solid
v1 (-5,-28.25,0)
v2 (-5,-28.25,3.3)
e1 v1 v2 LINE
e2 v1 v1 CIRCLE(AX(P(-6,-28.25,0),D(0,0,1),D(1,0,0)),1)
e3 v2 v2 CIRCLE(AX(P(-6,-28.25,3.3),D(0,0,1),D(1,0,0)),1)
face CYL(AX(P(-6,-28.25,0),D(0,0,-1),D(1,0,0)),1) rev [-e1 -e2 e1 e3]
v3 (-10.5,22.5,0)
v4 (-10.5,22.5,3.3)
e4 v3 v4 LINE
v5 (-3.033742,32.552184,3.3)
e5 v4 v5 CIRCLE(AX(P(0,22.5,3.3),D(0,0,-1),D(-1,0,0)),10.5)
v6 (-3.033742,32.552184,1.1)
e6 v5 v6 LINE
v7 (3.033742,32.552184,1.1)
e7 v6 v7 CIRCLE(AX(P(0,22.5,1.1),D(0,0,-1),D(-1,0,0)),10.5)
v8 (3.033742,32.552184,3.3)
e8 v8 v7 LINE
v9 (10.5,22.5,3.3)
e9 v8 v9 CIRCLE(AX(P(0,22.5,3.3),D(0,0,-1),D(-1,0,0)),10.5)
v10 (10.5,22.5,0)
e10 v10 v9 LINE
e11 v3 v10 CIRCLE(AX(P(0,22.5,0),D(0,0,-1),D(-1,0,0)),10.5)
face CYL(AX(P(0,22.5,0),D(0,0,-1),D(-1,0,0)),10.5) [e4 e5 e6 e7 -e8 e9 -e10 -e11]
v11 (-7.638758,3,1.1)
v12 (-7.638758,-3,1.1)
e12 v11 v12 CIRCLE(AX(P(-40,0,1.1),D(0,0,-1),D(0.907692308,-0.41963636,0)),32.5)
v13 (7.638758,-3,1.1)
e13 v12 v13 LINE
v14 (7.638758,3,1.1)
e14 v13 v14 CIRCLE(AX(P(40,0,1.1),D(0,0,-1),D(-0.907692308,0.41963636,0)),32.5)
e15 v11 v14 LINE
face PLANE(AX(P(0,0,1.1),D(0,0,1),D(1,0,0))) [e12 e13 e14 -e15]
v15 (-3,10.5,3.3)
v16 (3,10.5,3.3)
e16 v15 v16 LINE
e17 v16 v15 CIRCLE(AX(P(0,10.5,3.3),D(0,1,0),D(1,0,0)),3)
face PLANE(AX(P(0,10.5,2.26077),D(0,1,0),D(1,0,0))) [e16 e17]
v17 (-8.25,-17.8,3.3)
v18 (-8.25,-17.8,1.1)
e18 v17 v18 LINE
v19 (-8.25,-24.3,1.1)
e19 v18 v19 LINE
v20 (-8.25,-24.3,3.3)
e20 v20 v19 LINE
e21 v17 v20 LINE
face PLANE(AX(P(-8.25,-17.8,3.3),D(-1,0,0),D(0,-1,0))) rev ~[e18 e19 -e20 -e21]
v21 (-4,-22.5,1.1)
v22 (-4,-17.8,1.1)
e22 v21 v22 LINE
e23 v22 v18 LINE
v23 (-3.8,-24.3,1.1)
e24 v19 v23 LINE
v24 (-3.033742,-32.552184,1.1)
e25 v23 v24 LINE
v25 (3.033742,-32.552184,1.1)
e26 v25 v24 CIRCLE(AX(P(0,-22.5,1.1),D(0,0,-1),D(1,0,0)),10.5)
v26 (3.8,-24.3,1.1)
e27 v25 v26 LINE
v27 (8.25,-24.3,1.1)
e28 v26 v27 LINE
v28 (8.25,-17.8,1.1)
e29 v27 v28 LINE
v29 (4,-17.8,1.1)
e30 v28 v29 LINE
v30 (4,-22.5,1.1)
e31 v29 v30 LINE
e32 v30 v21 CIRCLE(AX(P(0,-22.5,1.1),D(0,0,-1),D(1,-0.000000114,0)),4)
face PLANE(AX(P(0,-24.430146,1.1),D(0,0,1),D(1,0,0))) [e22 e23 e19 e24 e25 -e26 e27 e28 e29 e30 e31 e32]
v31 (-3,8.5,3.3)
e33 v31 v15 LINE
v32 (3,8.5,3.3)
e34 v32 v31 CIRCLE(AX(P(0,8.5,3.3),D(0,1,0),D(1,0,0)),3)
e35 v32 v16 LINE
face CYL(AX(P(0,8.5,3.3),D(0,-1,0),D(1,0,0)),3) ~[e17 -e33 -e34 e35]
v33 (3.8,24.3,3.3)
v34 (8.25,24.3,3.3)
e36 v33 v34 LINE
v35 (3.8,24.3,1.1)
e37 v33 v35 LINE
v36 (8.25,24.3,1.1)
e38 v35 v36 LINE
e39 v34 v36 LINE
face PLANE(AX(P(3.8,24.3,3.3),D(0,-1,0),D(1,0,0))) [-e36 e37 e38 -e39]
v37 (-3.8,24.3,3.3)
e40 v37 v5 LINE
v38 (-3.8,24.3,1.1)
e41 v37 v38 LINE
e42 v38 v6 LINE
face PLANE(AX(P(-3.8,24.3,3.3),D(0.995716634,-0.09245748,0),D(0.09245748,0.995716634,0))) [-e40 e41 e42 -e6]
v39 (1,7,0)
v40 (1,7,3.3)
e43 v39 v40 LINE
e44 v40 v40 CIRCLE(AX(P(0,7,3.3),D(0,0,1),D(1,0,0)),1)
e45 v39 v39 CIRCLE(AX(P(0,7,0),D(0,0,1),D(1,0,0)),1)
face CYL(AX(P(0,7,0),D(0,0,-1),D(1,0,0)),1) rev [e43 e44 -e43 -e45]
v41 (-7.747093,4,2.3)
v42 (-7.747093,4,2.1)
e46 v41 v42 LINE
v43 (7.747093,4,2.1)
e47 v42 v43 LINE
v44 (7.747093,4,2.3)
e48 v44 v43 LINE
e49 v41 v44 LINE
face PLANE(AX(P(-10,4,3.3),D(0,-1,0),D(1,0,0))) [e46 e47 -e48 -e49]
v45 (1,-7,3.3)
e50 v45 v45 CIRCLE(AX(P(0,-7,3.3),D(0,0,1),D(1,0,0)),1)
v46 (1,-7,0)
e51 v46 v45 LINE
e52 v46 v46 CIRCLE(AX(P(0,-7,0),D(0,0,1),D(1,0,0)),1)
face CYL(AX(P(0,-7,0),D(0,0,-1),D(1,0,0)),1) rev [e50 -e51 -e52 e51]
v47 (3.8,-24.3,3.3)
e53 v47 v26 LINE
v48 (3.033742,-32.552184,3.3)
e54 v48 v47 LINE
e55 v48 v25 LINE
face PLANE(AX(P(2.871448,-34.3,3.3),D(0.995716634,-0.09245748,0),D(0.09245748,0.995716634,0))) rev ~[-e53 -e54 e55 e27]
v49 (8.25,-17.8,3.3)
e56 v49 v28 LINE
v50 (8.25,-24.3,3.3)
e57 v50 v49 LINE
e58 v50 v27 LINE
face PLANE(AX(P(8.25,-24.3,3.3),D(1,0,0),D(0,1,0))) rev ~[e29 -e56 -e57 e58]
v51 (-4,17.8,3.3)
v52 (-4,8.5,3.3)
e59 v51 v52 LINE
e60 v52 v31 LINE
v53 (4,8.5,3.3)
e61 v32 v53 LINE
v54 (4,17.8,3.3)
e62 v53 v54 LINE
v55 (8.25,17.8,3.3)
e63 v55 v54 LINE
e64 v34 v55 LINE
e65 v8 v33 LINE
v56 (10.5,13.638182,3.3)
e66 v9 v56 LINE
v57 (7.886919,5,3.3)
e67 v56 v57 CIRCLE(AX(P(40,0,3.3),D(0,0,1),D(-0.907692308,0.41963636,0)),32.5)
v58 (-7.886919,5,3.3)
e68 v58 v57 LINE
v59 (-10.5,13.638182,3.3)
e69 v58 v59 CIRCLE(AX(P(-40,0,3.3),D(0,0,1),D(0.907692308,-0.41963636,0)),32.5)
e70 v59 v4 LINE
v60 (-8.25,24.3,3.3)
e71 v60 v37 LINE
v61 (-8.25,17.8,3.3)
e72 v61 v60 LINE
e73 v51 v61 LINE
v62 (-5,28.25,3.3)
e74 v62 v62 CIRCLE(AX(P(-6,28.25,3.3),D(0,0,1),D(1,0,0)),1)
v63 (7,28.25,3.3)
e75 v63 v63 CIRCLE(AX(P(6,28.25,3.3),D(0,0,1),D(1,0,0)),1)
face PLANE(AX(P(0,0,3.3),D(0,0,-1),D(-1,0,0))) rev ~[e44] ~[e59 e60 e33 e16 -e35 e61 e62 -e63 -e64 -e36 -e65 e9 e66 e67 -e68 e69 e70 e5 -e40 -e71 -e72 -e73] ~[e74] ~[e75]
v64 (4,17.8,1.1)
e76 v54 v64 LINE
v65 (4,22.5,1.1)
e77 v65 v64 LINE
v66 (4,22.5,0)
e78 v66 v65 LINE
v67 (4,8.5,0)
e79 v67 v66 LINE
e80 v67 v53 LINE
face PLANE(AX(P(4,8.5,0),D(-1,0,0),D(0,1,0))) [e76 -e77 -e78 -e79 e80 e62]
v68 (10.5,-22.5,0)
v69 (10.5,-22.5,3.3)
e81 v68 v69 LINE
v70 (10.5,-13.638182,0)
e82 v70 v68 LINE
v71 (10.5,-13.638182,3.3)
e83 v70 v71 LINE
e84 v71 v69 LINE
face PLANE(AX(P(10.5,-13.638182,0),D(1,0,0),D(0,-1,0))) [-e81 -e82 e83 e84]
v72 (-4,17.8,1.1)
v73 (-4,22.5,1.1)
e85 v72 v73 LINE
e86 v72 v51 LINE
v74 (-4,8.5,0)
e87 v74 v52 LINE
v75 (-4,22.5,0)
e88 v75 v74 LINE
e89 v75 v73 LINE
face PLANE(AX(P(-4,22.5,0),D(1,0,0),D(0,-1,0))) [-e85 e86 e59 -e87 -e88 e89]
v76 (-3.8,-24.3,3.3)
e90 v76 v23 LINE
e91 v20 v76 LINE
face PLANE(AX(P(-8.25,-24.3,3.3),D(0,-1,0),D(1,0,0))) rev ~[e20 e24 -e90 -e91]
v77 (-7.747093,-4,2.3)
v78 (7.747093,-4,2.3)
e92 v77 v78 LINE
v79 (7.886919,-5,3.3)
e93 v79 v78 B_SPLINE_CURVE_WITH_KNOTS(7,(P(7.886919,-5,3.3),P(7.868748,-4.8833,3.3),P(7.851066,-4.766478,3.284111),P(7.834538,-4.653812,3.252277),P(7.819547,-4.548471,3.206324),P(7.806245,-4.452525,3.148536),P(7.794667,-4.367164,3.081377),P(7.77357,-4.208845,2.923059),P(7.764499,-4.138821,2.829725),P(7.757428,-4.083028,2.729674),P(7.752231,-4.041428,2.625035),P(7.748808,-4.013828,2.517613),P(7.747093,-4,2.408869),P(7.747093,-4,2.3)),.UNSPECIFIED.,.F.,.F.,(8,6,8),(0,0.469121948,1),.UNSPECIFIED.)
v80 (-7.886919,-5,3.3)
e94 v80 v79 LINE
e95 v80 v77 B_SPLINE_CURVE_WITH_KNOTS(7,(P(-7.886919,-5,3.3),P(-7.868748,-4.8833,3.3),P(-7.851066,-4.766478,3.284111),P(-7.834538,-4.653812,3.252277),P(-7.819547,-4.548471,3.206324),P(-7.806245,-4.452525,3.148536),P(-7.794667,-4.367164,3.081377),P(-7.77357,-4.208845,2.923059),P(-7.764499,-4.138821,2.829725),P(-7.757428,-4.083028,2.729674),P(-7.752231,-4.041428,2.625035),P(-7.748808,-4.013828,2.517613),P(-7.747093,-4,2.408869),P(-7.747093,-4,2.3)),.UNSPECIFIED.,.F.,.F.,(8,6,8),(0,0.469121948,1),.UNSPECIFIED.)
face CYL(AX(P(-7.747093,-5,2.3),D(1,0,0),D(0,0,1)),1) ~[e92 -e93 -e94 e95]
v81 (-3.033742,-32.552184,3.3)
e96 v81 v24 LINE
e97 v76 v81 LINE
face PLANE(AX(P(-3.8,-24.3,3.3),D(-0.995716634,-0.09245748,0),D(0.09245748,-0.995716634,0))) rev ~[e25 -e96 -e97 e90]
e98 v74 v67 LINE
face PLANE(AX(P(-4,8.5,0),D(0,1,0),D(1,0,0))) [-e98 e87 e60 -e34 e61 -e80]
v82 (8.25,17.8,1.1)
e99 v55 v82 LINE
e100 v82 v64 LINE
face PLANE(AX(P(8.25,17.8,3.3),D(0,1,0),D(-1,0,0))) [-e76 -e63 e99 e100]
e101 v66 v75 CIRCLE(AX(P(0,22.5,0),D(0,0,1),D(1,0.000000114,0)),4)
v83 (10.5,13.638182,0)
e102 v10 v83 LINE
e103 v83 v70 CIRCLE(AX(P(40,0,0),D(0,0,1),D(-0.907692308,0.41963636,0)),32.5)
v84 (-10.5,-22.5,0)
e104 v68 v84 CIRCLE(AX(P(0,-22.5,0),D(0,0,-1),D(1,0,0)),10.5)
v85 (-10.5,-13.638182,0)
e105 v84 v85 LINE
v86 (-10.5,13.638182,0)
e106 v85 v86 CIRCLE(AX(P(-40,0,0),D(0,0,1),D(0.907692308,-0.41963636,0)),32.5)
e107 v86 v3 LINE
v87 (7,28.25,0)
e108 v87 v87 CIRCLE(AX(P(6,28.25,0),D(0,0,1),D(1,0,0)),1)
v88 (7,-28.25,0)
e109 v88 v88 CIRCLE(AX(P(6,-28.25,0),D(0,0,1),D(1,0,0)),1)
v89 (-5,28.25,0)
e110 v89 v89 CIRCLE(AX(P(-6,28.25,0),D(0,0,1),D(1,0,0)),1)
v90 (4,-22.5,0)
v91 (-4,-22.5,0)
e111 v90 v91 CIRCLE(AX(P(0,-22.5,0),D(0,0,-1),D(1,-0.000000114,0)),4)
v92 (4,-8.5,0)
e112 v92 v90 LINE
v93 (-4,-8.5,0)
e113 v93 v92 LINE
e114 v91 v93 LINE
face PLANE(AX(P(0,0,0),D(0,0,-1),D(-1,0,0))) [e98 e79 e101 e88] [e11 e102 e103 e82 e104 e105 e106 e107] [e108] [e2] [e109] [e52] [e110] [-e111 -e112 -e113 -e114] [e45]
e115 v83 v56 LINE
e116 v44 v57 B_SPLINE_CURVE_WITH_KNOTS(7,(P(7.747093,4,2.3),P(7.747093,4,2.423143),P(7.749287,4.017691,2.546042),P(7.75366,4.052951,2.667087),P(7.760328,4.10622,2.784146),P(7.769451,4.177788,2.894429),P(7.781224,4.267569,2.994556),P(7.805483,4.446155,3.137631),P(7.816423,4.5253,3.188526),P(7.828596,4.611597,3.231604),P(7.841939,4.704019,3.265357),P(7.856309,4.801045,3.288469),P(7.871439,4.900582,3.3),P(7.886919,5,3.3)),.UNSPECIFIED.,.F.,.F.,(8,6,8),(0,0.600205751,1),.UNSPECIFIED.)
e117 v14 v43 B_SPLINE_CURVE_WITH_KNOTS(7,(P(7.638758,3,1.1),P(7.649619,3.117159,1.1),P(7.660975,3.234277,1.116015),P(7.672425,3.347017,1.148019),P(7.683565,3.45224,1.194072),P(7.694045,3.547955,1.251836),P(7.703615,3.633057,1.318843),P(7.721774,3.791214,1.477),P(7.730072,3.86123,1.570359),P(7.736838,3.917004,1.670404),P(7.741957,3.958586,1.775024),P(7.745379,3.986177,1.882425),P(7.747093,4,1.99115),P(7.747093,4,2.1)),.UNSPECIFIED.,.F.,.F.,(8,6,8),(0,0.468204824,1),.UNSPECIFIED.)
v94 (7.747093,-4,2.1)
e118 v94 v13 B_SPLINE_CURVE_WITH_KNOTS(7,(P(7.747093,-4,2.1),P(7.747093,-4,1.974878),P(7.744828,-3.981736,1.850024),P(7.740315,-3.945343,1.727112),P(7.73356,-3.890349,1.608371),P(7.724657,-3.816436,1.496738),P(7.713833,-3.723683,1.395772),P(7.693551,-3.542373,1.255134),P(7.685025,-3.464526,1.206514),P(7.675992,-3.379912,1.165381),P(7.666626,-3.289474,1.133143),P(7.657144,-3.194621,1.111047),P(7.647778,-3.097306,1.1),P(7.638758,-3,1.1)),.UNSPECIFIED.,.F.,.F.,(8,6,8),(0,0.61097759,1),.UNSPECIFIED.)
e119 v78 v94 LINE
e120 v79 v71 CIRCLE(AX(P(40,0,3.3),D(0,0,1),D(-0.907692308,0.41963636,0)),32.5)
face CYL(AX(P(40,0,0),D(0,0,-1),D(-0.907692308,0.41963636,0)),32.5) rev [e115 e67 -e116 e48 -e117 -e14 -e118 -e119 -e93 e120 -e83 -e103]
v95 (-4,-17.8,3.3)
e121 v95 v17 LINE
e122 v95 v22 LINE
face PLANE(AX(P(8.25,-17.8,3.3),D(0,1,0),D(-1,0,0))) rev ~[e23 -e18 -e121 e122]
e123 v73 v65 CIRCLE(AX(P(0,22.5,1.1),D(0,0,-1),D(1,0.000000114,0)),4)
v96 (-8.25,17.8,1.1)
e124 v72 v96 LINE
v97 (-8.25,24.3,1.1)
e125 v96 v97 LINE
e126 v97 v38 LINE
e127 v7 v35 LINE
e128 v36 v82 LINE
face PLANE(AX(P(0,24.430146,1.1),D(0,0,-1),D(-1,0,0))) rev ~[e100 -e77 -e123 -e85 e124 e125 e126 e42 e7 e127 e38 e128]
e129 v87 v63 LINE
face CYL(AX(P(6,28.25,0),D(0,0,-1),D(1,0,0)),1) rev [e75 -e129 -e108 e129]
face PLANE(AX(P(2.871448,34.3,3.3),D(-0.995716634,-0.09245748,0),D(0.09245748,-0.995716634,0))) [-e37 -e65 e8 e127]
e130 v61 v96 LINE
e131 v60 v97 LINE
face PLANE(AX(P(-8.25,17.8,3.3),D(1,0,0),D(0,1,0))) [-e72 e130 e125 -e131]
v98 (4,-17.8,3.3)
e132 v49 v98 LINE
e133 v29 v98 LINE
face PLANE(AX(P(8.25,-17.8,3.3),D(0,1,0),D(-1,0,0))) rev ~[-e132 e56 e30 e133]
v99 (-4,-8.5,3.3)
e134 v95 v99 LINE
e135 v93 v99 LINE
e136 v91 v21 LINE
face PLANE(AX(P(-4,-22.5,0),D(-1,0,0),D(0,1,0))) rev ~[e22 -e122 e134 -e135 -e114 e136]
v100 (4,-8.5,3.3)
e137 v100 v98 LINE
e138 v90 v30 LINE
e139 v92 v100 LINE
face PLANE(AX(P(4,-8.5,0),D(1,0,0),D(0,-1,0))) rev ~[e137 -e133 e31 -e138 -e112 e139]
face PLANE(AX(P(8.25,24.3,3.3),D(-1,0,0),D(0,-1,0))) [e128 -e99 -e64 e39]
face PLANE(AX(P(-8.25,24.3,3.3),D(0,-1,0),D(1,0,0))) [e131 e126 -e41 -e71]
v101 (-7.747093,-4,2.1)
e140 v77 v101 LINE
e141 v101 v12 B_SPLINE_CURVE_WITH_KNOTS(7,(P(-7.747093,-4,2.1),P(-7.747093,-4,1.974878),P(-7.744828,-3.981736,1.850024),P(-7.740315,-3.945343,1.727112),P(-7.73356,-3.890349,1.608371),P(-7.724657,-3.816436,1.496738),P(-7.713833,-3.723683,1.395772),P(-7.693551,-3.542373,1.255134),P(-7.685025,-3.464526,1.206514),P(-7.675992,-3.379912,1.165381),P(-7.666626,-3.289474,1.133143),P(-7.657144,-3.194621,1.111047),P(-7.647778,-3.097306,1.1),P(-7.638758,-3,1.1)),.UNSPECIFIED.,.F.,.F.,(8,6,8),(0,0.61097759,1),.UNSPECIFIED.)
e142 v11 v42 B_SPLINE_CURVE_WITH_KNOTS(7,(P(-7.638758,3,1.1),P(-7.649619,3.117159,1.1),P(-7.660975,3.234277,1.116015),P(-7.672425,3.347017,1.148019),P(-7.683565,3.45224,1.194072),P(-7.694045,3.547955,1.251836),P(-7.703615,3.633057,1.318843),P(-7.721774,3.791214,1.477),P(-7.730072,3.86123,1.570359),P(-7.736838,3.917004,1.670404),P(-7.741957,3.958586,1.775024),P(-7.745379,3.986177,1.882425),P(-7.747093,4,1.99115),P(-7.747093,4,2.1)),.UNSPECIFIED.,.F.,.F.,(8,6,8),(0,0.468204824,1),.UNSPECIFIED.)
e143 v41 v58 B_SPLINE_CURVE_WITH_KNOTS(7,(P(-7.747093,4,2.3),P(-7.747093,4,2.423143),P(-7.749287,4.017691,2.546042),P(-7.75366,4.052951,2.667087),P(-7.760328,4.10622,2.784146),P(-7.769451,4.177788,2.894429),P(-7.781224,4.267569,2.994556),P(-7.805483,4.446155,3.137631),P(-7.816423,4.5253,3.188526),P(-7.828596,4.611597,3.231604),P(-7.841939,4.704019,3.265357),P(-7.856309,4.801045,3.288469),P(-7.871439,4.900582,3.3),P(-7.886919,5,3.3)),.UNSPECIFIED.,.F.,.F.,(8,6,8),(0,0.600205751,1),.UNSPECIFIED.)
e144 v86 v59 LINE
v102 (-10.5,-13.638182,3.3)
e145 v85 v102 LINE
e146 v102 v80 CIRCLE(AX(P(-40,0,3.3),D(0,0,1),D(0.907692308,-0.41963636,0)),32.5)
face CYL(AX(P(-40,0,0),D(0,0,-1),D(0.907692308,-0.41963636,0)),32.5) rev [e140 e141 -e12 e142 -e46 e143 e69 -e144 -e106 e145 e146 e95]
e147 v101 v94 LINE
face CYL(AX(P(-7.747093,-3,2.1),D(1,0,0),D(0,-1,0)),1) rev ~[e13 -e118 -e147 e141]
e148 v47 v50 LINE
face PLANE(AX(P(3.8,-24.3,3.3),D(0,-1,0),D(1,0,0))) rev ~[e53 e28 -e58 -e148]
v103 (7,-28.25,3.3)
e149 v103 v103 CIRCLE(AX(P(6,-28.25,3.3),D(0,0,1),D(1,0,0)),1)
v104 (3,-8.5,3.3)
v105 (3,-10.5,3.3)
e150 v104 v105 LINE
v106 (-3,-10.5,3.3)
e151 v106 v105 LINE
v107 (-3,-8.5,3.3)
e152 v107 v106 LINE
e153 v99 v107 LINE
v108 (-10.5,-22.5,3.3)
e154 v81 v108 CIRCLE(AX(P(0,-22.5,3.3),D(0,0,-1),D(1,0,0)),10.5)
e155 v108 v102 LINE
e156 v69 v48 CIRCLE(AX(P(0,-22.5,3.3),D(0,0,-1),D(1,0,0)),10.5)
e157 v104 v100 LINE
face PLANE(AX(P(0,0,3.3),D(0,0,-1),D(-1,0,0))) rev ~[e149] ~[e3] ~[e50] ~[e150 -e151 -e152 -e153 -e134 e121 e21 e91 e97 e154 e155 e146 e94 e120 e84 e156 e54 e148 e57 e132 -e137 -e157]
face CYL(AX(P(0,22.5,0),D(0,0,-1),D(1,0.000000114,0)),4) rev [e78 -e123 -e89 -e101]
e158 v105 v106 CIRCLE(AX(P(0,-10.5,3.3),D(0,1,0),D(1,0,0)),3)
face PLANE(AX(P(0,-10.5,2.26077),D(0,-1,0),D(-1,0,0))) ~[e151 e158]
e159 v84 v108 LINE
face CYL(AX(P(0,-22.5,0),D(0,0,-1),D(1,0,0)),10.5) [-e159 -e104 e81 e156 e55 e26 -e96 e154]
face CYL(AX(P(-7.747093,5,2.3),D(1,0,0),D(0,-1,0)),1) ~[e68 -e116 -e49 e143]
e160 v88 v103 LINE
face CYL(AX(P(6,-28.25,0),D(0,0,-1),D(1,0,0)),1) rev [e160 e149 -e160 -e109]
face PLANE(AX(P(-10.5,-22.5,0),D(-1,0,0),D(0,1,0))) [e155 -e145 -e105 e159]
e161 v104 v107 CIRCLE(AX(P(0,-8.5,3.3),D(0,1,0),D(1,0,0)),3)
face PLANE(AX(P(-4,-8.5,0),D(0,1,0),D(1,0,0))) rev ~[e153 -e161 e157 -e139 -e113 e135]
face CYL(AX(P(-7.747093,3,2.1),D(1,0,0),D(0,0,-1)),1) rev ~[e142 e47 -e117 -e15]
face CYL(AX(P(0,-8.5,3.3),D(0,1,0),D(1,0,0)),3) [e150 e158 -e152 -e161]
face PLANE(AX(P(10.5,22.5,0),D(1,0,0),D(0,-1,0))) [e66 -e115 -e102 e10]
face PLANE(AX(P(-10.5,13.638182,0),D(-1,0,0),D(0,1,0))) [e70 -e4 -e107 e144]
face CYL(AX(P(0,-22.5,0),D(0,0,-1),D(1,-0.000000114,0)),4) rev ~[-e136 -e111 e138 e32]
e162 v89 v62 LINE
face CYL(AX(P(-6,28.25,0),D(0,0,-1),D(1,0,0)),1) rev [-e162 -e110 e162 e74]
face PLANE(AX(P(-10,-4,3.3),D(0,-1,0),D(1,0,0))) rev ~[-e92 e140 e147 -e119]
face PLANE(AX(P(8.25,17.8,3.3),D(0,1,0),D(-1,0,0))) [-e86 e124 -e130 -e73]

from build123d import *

# Parameters (mm, degrees)
SKETCH_1_R          = 1
EXTRUDE_1_DEPTH     = 3.3
SKETCH_2_W          = 20
SKETCH_2_H          = 8
CUT_EXTRUDE_1_DEPTH = 2.2
FILLET_1_R          = 1
EXTRUDE_2_DEPTH     = 2


with BuildPart() as part:
    # 草图1 → 凸台-拉伸1 (new body)
    with BuildSketch(Plane.XY):
        with BuildLine():
            Line((10.5, -13.638181697), (10.5, -22.5))
            ThreePointArc((10.5, -22.5), (0, -33), (-10.5, -22.5))
            Line((-10.5, -22.5), (-10.5, -13.638181697))
            ThreePointArc((-10.5, -13.638181697), (-7.5, 0), (-10.5, 13.638181697))
            Line((-10.5, 13.638181697), (-10.5, 22.5))
            ThreePointArc((-10.5, 22.5), (0, 33), (10.5, 22.5))
            Line((10.5, 22.5), (10.5, 13.638181697))
            ThreePointArc((10.5, 13.638181697), (7.5, 0), (10.5, -13.638181697))
        make_face()
        with Locations((0, 7)):
            Circle(SKETCH_1_R, mode=Mode.SUBTRACT)
        with Locations((0, -7)):
            Circle(SKETCH_1_R, mode=Mode.SUBTRACT)
        with Locations((-6, 28.25)):
            Circle(SKETCH_1_R, mode=Mode.SUBTRACT)
        with Locations((6, 28.25)):
            Circle(SKETCH_1_R, mode=Mode.SUBTRACT)
        with Locations((6, -28.25)):
            Circle(SKETCH_1_R, mode=Mode.SUBTRACT)
        with Locations((-6, -28.25)):
            Circle(SKETCH_1_R, mode=Mode.SUBTRACT)
        with BuildLine():
            Line((-4, -22.499999544), (-4, -8.5))
            Line((-4, -8.5), (4, -8.5))
            Line((4, -8.5), (4, -22.500000456))
            ThreePointArc((4, -22.500000456), (-4.56e-07, -26.5), (-4, -22.499999544))
        make_face(mode=Mode.SUBTRACT)
        with BuildLine():
            Line((-4, 22.499999544), (-4, 8.5))
            Line((-4, 8.5), (4, 8.5))
            Line((4, 8.5), (4, 22.500000456))
            ThreePointArc((4, 22.500000456), (-4.56e-07, 26.5), (-4, 22.499999544))
        make_face(mode=Mode.SUBTRACT)
    extrude(amount=EXTRUDE_1_DEPTH)

    # 草图2 → 切除-拉伸1 (cut)
    with BuildSketch(Plane.XY.offset(3.3)):
        Polygon((-3.8, 24.3), (-2.871447866, 34.3), (2.871447866, 34.3), (3.8, 24.3), (8.25, 24.3), (8.25, 17.8), (-8.25, 17.8), (-8.25, 24.3), align=None)
        Rectangle(SKETCH_2_W, SKETCH_2_H)
        Polygon((3.8, -24.3), (8.25, -24.3), (8.25, -17.8), (-8.25, -17.8), (-8.25, -24.3), (-3.8, -24.3), (-2.871447866, -34.3), (2.871447866, -34.3), align=None)
    extrude(amount=-CUT_EXTRUDE_1_DEPTH, mode=Mode.SUBTRACT)

    # 圆角1
    fillet_1_edges = [part.edges().sort_by_distance(p)[0] for p in [
        (0, -4, 1.1),
        (0, 4, 1.1),
        (0, -4, 3.3),
        (0, 4, 3.3),
    ]]
    fillet(fillet_1_edges, radius=FILLET_1_R)

    # 草图3 → 凸台-拉伸2 (add)
    with BuildSketch(Plane(origin=(0, 8.5, 0), x_dir=(1, 0, 0), z_dir=(0, 1, 0))):
        with BuildLine():
            Line((-3, -3.3), (3, -3.3))
            ThreePointArc((3, -3.3), (0, -0.3), (-3, -3.3))
        make_face()
    extrude_2 = extrude(amount=EXTRUDE_2_DEPTH)

    # 镜向1: 凸台-拉伸2 across plane
    add(extrude_2.mirror(Plane.ZX))


solid = part.part
